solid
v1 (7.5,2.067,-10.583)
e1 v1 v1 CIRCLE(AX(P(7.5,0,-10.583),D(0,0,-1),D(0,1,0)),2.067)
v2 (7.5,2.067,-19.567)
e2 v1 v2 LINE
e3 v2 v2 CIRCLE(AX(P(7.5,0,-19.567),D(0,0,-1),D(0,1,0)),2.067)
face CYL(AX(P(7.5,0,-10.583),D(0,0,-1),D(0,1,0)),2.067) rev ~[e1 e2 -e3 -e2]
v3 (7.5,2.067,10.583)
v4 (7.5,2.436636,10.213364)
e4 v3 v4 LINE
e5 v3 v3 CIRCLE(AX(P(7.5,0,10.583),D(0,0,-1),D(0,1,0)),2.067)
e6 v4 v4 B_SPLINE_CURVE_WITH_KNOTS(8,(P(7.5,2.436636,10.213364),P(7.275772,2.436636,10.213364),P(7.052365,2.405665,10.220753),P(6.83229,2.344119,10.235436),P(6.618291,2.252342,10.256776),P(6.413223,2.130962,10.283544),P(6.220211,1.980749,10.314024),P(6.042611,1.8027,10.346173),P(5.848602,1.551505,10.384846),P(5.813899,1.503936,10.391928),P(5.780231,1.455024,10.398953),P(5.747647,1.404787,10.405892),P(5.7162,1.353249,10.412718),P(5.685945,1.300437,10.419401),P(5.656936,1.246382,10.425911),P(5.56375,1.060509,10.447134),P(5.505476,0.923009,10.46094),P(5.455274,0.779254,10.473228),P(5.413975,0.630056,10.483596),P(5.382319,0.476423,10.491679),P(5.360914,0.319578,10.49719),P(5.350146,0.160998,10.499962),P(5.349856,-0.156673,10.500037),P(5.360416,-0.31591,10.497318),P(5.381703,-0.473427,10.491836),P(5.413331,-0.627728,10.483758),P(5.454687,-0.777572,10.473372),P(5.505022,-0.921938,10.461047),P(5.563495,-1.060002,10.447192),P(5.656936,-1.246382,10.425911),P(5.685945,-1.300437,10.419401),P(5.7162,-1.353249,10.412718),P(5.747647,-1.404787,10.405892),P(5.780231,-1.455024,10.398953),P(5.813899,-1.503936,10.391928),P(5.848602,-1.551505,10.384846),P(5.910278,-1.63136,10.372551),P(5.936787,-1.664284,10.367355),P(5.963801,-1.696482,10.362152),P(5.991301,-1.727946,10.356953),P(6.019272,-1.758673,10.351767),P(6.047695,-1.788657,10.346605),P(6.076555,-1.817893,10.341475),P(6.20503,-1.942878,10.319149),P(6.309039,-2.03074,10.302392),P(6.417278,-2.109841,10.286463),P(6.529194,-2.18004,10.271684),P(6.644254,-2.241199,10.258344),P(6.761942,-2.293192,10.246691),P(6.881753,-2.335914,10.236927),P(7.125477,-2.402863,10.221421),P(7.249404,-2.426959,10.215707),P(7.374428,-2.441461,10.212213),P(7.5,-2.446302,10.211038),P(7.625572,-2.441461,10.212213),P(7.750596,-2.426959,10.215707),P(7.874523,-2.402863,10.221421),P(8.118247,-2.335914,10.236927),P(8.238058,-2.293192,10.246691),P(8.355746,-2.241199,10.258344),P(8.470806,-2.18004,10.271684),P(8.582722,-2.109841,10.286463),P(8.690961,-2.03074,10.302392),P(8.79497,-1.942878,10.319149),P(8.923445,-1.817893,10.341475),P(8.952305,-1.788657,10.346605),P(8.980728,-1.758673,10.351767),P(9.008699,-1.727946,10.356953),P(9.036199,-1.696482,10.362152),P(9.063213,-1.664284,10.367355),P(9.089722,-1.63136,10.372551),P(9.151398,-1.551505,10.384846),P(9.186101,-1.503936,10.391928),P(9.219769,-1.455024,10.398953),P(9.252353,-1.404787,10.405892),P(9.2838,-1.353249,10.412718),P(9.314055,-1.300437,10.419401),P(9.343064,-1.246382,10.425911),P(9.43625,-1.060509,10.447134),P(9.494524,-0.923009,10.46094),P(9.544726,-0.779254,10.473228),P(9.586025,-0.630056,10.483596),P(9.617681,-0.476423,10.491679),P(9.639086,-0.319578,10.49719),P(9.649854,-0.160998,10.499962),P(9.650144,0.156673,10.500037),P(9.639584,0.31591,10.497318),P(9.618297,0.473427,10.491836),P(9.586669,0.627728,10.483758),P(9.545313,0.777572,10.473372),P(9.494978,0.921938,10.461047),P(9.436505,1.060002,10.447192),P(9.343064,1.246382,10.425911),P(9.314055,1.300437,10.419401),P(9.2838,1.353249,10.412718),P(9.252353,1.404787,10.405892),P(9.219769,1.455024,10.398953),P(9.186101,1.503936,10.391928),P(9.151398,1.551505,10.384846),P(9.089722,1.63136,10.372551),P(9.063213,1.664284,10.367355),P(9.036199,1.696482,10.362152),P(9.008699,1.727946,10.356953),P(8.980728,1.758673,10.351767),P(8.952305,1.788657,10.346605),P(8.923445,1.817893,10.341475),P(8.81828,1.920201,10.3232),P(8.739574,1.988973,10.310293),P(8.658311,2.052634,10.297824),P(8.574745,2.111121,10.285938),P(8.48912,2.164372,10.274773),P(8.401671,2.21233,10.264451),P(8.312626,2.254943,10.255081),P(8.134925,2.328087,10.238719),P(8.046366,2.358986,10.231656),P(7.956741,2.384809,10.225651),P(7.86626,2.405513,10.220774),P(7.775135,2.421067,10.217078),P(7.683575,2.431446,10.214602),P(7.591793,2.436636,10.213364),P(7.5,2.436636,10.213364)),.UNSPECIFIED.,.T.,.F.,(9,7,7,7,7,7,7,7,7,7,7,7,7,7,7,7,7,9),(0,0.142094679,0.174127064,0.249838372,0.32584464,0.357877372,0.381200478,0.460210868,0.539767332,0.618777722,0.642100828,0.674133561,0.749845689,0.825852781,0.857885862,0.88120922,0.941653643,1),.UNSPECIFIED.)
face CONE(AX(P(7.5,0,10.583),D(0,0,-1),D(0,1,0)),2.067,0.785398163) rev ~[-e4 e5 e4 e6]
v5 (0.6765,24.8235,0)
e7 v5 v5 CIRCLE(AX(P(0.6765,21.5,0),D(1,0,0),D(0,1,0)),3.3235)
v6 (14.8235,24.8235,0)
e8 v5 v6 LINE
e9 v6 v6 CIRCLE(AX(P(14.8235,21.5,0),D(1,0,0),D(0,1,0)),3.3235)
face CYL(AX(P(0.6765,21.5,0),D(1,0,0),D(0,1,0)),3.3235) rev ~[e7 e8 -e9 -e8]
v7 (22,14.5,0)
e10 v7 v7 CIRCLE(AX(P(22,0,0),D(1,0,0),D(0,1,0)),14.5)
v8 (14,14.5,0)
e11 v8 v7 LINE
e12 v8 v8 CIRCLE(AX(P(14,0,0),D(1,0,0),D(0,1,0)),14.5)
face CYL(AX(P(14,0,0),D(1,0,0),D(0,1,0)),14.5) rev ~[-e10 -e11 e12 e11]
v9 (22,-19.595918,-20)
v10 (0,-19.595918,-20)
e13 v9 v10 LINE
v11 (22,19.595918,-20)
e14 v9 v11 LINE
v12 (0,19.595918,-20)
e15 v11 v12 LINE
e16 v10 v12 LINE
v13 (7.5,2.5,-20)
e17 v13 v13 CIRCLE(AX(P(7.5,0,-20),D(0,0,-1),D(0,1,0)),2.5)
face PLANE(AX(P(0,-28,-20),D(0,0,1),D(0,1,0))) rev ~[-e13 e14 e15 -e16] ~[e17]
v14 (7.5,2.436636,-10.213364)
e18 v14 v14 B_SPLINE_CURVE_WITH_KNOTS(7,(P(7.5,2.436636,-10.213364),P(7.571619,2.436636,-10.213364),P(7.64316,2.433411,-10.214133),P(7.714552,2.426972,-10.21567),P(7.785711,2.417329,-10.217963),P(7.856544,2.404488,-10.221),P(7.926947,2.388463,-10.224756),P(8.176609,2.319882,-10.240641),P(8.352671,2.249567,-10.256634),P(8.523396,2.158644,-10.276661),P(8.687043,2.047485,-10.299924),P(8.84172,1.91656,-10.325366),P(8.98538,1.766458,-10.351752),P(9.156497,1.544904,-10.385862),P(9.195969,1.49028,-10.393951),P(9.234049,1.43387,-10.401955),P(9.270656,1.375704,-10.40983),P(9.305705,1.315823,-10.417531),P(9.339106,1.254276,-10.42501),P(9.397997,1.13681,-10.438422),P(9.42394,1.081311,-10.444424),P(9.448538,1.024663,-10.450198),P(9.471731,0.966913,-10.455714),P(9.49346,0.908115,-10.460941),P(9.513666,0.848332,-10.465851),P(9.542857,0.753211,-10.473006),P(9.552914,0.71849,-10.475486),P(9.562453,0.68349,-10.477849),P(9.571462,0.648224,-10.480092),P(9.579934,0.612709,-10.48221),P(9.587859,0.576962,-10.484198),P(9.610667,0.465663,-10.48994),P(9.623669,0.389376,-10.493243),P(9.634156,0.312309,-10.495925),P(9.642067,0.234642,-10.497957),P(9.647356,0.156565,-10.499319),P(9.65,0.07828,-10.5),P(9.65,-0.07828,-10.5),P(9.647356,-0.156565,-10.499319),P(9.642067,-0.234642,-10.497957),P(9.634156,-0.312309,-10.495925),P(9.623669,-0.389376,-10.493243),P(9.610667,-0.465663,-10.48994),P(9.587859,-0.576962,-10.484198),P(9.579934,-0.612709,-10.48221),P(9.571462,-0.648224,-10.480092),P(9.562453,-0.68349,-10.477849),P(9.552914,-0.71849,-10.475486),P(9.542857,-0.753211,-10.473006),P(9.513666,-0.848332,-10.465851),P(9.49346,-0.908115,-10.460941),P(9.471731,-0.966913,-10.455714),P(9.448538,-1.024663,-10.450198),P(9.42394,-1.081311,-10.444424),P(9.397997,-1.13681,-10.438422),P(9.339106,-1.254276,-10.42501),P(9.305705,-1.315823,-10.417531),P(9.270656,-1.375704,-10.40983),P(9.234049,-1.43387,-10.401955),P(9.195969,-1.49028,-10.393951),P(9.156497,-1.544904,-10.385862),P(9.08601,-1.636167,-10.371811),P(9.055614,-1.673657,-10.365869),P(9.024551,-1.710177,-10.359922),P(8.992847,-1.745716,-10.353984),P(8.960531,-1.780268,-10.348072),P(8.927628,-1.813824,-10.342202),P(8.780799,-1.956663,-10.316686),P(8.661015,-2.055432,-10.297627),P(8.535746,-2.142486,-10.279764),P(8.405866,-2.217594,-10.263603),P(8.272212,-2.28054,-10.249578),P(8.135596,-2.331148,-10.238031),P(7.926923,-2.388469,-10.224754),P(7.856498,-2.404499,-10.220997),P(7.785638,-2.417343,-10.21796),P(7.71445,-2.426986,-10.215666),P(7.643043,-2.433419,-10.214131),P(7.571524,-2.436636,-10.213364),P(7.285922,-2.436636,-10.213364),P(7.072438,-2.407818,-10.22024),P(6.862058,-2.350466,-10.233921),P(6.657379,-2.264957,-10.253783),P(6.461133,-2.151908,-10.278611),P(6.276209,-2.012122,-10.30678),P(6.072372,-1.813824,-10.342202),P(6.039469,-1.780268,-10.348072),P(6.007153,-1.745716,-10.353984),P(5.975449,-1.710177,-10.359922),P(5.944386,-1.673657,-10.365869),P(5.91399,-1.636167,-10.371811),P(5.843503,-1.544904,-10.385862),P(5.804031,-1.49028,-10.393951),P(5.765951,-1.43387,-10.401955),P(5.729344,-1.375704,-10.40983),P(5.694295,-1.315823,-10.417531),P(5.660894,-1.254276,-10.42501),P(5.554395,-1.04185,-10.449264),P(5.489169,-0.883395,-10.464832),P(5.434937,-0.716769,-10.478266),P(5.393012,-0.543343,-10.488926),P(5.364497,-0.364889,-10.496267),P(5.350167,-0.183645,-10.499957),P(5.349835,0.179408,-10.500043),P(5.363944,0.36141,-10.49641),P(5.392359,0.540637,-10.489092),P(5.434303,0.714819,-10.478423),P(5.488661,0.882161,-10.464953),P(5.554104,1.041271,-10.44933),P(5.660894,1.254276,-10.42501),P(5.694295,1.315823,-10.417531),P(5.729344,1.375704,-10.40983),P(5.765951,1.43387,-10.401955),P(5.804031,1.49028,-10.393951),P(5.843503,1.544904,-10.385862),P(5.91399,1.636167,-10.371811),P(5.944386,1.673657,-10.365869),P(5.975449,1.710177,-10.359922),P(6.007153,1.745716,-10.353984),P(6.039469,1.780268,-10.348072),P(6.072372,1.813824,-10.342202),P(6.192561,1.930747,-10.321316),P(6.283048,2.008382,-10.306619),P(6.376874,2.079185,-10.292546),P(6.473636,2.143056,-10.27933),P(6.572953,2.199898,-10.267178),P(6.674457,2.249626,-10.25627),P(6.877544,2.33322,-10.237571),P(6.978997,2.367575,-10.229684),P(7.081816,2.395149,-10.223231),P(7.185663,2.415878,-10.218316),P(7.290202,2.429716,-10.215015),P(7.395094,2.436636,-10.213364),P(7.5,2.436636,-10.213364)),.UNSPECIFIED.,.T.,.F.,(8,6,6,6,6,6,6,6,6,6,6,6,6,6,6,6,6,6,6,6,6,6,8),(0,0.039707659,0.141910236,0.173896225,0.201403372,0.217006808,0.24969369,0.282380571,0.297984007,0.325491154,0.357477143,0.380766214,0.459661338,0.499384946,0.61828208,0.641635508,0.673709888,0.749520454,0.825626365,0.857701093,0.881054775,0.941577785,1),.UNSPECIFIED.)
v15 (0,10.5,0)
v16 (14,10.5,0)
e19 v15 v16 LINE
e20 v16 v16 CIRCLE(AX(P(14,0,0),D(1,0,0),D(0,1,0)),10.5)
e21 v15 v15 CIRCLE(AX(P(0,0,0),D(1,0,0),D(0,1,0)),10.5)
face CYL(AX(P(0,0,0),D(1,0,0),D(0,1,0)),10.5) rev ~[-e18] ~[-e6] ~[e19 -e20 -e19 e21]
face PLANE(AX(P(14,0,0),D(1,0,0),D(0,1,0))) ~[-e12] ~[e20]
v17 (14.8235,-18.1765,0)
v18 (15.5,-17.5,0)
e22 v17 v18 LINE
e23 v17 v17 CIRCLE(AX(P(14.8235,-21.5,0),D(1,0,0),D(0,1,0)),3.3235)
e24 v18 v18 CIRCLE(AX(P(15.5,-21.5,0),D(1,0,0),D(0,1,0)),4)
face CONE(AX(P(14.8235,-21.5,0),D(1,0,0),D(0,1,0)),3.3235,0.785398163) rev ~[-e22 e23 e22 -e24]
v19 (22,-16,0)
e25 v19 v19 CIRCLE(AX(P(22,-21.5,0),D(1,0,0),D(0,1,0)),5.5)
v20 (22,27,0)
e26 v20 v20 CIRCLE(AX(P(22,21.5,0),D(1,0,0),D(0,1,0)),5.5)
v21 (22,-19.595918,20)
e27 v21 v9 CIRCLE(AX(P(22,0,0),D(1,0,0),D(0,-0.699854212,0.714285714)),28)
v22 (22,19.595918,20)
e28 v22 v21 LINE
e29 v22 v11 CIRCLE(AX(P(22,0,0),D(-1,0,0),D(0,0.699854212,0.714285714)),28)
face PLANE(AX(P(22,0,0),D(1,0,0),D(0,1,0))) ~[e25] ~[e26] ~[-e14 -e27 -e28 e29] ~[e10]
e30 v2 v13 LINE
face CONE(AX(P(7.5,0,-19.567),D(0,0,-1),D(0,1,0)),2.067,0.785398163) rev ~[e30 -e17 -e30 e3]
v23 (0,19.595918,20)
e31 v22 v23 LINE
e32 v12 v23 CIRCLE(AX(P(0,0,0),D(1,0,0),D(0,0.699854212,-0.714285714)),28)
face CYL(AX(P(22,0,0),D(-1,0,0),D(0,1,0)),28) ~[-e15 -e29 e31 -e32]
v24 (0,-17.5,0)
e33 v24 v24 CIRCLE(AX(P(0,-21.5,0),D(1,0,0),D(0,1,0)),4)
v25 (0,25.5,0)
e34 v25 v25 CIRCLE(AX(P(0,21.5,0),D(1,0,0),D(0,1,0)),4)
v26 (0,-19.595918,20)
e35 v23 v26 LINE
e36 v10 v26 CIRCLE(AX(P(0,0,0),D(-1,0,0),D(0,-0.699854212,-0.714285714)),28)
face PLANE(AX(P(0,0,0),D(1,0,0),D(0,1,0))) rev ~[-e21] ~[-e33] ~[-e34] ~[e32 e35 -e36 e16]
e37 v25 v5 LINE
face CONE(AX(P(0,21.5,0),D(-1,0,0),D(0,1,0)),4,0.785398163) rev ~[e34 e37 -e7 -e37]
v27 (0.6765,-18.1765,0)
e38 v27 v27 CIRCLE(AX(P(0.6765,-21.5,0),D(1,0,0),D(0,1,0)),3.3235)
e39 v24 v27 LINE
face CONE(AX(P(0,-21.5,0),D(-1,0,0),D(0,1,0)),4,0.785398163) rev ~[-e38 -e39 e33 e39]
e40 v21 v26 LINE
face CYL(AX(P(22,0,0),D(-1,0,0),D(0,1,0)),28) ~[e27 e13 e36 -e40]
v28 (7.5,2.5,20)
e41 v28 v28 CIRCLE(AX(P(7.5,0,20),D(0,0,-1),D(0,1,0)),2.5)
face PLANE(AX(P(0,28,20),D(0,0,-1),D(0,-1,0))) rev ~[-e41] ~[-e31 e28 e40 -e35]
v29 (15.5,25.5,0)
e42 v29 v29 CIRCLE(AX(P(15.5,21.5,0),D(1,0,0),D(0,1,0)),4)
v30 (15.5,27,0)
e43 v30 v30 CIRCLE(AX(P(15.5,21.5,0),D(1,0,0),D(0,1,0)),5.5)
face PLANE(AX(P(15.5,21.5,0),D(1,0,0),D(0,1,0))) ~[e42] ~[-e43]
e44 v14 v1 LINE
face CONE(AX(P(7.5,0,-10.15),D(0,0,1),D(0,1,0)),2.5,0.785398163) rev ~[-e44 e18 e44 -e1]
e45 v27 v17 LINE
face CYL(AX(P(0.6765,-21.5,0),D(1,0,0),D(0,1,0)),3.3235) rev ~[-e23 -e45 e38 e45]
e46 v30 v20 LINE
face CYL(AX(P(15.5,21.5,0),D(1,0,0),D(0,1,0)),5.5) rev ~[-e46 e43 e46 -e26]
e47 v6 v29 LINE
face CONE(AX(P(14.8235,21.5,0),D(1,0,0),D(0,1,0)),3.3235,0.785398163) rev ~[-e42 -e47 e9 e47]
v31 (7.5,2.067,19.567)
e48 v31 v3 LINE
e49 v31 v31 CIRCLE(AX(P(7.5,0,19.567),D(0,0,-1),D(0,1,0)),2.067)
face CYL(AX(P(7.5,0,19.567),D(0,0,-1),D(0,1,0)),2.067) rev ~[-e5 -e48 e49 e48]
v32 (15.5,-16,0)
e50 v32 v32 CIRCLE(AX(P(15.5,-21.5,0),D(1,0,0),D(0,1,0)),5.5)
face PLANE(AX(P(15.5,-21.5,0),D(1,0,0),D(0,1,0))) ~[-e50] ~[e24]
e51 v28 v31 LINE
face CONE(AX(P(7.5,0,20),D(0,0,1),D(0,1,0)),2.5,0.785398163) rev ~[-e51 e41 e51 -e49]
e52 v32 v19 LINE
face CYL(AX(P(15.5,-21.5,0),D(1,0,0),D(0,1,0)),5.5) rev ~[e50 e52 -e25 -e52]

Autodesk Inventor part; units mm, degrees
sketch "Sketch_1" plane through (0, 0, 0) normal (0, 0, 1) x (1, 0, 0)
  line L0 (22, 0) -> (0, 0)
  line L1 (0, 28) -> (0, 10.5)
  line L2 (0, 10.5) -> (14, 10.5)
  line L3 (14, 10.5) -> (14, 14.5)
  line L4 (14, 14.5) -> (22, 14.5)
  line L5 (22, 14.5) -> (22, 28)
  line L6 (22, 28) -> (0, 28)
revolve "Revolution1" add sketch "Sketch_1" angle 360 about axis through (22, 0, 0) along (1, 0, 0)
sketch "Sketch_2" plane through (0, 0, 0) normal (1, 0, 0) x (0, 1, 0)
  line L0 (-112, 80) -> (-112, -80)
  line L1 (-112, -80) -> (112, -80)
  line L2 (112, -80) -> (112, 80)
  line L3 (112, 80) -> (-112, 80)
  line L4 (-28, 20) -> (-28, -20)
  line L5 (-28, -20) -> (28, -20)
  line L6 (28, -20) -> (28, 20)
  line L7 (28, 20) -> (-28, 20)
extrude "Extrusion1" cut sketch "Sketch_2" along normal blind 24
sketch "Sketch_3" plane through (0, 0, 0) normal (0, 0, 1) x (1, 0, 0)
  line L0 (22, 21.5) -> (0, 21.5)
  line L1 (0, 21.5) -> (0, 25.5)
  line L2 (0, 25.5) -> (0.6765, 24.8235)
  line L3 (0.6765, 24.8235) -> (14.8235, 24.8235)
  line L4 (14.8235, 24.8235) -> (15.5, 25.5)
  line L5 (15.5, 25.5) -> (15.5, 27)
  line L6 (15.5, 27) -> (22, 27)
  line L7 (22, 27) -> (22, 21.5)
  line L8 (22, 21.5) -> (0, 21.5)
revolve "Revolution2" cut sketch "Sketch_3" angle 360 about axis through (22, 21.5, 0) along (1, 0, 0)
thread "Thread1" size "M8x1.25" class "6H" standard "ISO Metric profile" full length
pattern_linear "Rectangular Pattern1" count 2 spacing 43 along (0, -1, 0) of "Revolution2"
sketch "Sketch_4" plane through (7.5, 0, 0) normal (1, 0, 0) x (0, 0, -1)
  line L0 (-10.15, 0) -> (-20, 0)
  line L1 (-20, 0) -> (-20, 2.5)
  line L2 (-20, 2.5) -> (-19.567, 2.067)
  line L3 (-19.567, 2.067) -> (-10.583, 2.067)
  line L4 (-10.583, 2.067) -> (-10.15, 2.5)
  line L5 (-10.15, 2.5) -> (-10.15, 0)
  line L6 (-10.15, 0) -> (-20, 0)
revolve "Revolution3" cut sketch "Sketch_4" angle 360 about axis through (7.5, 0, 10.15) along (0, 0, -1)
thread "Thread2" size "M5x0.8" class "6H" standard "ISO Metric profile" full length
sketch "Sketch_6" plane through (7.5, 0, 0) normal (1, 0, 0) x (0, 0, -1)
  line L0 (20, 0) -> (10.15, 0)
  line L1 (10.15, 0) -> (10.15, 2.5)
  line L2 (10.15, 2.5) -> (10.583, 2.067)
  line L3 (10.583, 2.067) -> (19.567, 2.067)
  line L4 (19.567, 2.067) -> (20, 2.5)
  line L5 (20, 2.5) -> (20, 0)
  line L6 (20, 0) -> (10.15, 0)
revolve "Revolution4" cut sketch "Sketch_6" angle 360 about axis through (7.5, 0, -20) along (0, 0, -1)
thread "Thread3" size "M5x0.8" class "6H" standard "ISO Metric profile" full length
ref_plane "to_bearings_XY" through (14, 0, 0) normal (1, 0, 0) x (0, 0, -1)
ref_plane "to_bearings_YZ" through (14, 0, 0) normal (0, 0, -1) x (0, 1, 0)
ref_plane "to_bearings_ZX" through (14, 0, 0) normal (0, 1, 0) x (1, 0, 0)
ref_plane "to_screw1_XY" through (7.5, 0, 10.5) normal (0, 0, 1) x (1, 0, 0)
ref_plane "to_screw1_YZ" through (7.5, 0, 10.5) normal (1, 0, 0) x (0, 1, 0)
ref_plane "to_screw1_ZX" through (7.5, 0, 10.5) normal (0, 1, 0) x (0, 0, 1)
ref_plane "to_screw2_XY" through (7.5, 0, -10.5) normal (0, 0, -1) x (1, 0, 0)
ref_plane "to_screw2_YZ" through (7.5, 0, -10.5) normal (1, 0, 0) x (0, -1, 0)
ref_plane "to_screw2_ZX" through (7.5, 0, -10.5) normal (0, -1, 0) x (0, 0, -1)
properties part number "BGCSB9_h"
